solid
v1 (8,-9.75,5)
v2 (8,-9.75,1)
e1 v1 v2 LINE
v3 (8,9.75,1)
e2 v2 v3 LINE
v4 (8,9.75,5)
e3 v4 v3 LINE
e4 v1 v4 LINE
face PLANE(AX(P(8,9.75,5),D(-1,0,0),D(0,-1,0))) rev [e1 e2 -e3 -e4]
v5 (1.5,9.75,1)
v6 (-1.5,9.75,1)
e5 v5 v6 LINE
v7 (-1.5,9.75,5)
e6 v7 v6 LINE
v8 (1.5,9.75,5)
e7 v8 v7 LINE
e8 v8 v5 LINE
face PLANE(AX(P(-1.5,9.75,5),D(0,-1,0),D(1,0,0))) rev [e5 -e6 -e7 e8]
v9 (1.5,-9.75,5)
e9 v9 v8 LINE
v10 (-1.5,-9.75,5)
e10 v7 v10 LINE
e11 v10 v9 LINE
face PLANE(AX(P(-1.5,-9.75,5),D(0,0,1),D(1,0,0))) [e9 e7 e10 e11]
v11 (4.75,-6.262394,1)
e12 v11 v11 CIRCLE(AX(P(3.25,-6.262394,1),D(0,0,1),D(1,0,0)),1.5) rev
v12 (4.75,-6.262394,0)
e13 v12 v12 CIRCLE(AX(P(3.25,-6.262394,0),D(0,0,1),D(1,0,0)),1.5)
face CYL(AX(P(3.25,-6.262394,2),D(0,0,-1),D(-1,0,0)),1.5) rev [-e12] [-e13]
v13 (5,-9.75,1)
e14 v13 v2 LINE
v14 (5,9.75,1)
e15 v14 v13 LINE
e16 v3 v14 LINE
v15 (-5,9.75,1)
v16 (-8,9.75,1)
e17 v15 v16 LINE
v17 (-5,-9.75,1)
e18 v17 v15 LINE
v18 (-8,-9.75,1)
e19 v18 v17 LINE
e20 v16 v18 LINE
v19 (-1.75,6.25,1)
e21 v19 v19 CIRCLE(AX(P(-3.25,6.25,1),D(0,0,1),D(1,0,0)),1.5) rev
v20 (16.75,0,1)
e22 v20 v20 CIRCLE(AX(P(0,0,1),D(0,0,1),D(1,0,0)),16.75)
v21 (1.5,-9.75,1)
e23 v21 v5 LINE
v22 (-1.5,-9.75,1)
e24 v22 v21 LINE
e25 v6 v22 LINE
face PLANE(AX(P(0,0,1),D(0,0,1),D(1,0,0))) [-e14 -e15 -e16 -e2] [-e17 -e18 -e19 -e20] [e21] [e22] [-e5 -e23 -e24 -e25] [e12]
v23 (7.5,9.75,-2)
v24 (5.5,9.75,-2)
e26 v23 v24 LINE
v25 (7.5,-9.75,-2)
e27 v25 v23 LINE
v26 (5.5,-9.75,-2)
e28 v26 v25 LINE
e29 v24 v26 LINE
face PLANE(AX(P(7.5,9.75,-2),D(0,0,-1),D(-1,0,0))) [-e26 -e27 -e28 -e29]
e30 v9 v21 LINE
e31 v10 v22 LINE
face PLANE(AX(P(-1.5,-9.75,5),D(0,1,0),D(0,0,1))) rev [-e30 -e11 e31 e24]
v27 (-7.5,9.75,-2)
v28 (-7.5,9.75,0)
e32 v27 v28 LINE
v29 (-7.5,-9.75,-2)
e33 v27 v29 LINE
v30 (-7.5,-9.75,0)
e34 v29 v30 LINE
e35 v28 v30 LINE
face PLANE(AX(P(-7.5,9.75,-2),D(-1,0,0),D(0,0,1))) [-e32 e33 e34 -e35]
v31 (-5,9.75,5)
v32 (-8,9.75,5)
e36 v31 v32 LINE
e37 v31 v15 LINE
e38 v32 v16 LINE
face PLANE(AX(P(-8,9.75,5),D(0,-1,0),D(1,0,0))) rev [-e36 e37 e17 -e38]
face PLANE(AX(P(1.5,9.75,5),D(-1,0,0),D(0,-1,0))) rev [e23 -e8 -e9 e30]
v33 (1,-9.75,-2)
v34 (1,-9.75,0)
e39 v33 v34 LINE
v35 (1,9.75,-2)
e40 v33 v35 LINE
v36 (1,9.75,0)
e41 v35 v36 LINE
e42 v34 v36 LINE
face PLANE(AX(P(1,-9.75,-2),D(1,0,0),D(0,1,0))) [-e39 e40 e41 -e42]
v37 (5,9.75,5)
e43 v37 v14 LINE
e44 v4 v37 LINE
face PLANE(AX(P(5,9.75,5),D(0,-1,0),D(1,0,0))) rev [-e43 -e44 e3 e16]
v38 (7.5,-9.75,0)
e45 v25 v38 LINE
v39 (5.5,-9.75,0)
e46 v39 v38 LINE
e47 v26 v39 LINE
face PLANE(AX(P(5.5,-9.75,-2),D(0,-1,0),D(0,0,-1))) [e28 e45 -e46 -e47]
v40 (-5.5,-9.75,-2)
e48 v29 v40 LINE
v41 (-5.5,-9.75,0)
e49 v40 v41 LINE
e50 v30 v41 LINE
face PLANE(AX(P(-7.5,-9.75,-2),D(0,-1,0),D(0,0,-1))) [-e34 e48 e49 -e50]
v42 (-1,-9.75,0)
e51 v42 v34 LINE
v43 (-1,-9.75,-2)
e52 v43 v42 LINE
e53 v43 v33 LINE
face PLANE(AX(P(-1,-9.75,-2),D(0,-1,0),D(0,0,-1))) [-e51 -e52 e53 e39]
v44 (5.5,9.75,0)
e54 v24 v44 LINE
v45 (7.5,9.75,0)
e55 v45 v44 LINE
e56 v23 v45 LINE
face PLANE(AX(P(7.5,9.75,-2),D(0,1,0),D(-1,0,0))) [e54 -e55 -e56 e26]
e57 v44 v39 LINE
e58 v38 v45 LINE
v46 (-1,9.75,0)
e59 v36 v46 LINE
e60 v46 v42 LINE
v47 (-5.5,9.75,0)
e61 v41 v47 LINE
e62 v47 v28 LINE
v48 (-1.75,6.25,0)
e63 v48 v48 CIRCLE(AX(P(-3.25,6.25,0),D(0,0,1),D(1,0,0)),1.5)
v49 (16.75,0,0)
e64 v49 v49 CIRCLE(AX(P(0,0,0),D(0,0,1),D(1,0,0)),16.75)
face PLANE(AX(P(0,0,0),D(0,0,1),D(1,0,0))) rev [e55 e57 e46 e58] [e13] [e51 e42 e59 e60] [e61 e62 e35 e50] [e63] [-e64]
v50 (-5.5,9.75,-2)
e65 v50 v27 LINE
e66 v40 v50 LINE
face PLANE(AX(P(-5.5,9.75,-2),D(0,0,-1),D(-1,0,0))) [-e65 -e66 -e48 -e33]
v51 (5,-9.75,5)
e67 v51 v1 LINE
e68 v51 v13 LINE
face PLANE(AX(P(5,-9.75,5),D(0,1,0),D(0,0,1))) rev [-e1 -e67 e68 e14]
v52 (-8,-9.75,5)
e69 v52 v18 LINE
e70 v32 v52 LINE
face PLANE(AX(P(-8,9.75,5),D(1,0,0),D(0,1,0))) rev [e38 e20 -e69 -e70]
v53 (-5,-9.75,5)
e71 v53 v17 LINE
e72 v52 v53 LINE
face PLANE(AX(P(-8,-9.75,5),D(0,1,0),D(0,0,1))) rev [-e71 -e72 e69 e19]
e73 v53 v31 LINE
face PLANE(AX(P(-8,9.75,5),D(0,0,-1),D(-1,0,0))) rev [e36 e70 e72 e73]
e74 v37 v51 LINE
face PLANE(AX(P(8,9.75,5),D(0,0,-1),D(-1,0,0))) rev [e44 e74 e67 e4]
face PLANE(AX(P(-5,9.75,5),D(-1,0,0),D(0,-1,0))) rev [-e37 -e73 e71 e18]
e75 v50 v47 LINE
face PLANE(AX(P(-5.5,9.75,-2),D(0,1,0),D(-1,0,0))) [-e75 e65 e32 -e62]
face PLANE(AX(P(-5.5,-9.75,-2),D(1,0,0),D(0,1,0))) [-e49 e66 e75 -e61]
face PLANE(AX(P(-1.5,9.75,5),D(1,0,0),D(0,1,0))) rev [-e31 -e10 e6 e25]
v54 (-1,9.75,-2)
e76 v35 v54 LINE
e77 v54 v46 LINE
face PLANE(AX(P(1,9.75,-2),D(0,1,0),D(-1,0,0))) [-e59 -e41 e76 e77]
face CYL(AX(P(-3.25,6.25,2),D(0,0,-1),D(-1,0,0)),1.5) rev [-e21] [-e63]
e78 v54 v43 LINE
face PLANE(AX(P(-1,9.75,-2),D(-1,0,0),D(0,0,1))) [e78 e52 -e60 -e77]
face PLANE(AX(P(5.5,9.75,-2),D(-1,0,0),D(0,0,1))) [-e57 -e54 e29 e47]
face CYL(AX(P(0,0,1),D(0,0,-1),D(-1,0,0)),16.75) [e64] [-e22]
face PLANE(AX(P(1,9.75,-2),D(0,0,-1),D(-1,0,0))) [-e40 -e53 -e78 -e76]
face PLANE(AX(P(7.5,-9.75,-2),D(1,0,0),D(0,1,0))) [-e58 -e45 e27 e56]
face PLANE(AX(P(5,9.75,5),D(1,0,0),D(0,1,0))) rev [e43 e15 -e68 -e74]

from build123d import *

# Parameters (mm, degrees)
SKETCH1_R          = 16.75
EXTRUDE1_DEPTH     = 1
SKETCH3_W          = 3
SKETCH3_H          = 19.5
EXTRUDE4_DEPTH     = 4
SKETCH4_W          = 2
SKETCH4_H          = 19.5
EXTRUDE5_DEPTH     = 2
SKETCH5_R          = 1.5
CUT_EXTRUDE1_DEPTH = 2


with BuildPart() as part:
    # Sketch1 → Extrude1 (new body)
    with BuildSketch(Plane.XY):
        Circle(SKETCH1_R)
    extrude(amount=EXTRUDE1_DEPTH)

    # Sketch3 → Extrude4 (add)
    with BuildSketch(Plane.XY.offset(1)):
        with Locations((6.5, 0)):
            Rectangle(SKETCH3_W, SKETCH3_H)
        Rectangle(SKETCH3_W, SKETCH3_H)
        with Locations((-6.5, 0)):
            Rectangle(SKETCH3_W, SKETCH3_H)
    extrude(amount=EXTRUDE4_DEPTH)

    # Sketch4 → Extrude5 (add)
    with BuildSketch(Plane.XY):
        with Locations((6.5, 0)):
            Rectangle(SKETCH4_W, SKETCH4_H)
        with Locations((-6.5, 0)):
            Rectangle(SKETCH4_W, SKETCH4_H)
        Rectangle(SKETCH4_W, SKETCH4_H)
    extrude(amount=-EXTRUDE5_DEPTH)

    # Sketch5 → Cut-Extrude1 (cut)
    with BuildSketch(Plane.XY):
        with Locations((-3.25, 6.25)):
            Circle(SKETCH5_R)
        with Locations((3.25, -6.262393856)):
            Circle(SKETCH5_R)
    extrude(amount=CUT_EXTRUDE1_DEPTH, mode=Mode.SUBTRACT)


solid = part.part
